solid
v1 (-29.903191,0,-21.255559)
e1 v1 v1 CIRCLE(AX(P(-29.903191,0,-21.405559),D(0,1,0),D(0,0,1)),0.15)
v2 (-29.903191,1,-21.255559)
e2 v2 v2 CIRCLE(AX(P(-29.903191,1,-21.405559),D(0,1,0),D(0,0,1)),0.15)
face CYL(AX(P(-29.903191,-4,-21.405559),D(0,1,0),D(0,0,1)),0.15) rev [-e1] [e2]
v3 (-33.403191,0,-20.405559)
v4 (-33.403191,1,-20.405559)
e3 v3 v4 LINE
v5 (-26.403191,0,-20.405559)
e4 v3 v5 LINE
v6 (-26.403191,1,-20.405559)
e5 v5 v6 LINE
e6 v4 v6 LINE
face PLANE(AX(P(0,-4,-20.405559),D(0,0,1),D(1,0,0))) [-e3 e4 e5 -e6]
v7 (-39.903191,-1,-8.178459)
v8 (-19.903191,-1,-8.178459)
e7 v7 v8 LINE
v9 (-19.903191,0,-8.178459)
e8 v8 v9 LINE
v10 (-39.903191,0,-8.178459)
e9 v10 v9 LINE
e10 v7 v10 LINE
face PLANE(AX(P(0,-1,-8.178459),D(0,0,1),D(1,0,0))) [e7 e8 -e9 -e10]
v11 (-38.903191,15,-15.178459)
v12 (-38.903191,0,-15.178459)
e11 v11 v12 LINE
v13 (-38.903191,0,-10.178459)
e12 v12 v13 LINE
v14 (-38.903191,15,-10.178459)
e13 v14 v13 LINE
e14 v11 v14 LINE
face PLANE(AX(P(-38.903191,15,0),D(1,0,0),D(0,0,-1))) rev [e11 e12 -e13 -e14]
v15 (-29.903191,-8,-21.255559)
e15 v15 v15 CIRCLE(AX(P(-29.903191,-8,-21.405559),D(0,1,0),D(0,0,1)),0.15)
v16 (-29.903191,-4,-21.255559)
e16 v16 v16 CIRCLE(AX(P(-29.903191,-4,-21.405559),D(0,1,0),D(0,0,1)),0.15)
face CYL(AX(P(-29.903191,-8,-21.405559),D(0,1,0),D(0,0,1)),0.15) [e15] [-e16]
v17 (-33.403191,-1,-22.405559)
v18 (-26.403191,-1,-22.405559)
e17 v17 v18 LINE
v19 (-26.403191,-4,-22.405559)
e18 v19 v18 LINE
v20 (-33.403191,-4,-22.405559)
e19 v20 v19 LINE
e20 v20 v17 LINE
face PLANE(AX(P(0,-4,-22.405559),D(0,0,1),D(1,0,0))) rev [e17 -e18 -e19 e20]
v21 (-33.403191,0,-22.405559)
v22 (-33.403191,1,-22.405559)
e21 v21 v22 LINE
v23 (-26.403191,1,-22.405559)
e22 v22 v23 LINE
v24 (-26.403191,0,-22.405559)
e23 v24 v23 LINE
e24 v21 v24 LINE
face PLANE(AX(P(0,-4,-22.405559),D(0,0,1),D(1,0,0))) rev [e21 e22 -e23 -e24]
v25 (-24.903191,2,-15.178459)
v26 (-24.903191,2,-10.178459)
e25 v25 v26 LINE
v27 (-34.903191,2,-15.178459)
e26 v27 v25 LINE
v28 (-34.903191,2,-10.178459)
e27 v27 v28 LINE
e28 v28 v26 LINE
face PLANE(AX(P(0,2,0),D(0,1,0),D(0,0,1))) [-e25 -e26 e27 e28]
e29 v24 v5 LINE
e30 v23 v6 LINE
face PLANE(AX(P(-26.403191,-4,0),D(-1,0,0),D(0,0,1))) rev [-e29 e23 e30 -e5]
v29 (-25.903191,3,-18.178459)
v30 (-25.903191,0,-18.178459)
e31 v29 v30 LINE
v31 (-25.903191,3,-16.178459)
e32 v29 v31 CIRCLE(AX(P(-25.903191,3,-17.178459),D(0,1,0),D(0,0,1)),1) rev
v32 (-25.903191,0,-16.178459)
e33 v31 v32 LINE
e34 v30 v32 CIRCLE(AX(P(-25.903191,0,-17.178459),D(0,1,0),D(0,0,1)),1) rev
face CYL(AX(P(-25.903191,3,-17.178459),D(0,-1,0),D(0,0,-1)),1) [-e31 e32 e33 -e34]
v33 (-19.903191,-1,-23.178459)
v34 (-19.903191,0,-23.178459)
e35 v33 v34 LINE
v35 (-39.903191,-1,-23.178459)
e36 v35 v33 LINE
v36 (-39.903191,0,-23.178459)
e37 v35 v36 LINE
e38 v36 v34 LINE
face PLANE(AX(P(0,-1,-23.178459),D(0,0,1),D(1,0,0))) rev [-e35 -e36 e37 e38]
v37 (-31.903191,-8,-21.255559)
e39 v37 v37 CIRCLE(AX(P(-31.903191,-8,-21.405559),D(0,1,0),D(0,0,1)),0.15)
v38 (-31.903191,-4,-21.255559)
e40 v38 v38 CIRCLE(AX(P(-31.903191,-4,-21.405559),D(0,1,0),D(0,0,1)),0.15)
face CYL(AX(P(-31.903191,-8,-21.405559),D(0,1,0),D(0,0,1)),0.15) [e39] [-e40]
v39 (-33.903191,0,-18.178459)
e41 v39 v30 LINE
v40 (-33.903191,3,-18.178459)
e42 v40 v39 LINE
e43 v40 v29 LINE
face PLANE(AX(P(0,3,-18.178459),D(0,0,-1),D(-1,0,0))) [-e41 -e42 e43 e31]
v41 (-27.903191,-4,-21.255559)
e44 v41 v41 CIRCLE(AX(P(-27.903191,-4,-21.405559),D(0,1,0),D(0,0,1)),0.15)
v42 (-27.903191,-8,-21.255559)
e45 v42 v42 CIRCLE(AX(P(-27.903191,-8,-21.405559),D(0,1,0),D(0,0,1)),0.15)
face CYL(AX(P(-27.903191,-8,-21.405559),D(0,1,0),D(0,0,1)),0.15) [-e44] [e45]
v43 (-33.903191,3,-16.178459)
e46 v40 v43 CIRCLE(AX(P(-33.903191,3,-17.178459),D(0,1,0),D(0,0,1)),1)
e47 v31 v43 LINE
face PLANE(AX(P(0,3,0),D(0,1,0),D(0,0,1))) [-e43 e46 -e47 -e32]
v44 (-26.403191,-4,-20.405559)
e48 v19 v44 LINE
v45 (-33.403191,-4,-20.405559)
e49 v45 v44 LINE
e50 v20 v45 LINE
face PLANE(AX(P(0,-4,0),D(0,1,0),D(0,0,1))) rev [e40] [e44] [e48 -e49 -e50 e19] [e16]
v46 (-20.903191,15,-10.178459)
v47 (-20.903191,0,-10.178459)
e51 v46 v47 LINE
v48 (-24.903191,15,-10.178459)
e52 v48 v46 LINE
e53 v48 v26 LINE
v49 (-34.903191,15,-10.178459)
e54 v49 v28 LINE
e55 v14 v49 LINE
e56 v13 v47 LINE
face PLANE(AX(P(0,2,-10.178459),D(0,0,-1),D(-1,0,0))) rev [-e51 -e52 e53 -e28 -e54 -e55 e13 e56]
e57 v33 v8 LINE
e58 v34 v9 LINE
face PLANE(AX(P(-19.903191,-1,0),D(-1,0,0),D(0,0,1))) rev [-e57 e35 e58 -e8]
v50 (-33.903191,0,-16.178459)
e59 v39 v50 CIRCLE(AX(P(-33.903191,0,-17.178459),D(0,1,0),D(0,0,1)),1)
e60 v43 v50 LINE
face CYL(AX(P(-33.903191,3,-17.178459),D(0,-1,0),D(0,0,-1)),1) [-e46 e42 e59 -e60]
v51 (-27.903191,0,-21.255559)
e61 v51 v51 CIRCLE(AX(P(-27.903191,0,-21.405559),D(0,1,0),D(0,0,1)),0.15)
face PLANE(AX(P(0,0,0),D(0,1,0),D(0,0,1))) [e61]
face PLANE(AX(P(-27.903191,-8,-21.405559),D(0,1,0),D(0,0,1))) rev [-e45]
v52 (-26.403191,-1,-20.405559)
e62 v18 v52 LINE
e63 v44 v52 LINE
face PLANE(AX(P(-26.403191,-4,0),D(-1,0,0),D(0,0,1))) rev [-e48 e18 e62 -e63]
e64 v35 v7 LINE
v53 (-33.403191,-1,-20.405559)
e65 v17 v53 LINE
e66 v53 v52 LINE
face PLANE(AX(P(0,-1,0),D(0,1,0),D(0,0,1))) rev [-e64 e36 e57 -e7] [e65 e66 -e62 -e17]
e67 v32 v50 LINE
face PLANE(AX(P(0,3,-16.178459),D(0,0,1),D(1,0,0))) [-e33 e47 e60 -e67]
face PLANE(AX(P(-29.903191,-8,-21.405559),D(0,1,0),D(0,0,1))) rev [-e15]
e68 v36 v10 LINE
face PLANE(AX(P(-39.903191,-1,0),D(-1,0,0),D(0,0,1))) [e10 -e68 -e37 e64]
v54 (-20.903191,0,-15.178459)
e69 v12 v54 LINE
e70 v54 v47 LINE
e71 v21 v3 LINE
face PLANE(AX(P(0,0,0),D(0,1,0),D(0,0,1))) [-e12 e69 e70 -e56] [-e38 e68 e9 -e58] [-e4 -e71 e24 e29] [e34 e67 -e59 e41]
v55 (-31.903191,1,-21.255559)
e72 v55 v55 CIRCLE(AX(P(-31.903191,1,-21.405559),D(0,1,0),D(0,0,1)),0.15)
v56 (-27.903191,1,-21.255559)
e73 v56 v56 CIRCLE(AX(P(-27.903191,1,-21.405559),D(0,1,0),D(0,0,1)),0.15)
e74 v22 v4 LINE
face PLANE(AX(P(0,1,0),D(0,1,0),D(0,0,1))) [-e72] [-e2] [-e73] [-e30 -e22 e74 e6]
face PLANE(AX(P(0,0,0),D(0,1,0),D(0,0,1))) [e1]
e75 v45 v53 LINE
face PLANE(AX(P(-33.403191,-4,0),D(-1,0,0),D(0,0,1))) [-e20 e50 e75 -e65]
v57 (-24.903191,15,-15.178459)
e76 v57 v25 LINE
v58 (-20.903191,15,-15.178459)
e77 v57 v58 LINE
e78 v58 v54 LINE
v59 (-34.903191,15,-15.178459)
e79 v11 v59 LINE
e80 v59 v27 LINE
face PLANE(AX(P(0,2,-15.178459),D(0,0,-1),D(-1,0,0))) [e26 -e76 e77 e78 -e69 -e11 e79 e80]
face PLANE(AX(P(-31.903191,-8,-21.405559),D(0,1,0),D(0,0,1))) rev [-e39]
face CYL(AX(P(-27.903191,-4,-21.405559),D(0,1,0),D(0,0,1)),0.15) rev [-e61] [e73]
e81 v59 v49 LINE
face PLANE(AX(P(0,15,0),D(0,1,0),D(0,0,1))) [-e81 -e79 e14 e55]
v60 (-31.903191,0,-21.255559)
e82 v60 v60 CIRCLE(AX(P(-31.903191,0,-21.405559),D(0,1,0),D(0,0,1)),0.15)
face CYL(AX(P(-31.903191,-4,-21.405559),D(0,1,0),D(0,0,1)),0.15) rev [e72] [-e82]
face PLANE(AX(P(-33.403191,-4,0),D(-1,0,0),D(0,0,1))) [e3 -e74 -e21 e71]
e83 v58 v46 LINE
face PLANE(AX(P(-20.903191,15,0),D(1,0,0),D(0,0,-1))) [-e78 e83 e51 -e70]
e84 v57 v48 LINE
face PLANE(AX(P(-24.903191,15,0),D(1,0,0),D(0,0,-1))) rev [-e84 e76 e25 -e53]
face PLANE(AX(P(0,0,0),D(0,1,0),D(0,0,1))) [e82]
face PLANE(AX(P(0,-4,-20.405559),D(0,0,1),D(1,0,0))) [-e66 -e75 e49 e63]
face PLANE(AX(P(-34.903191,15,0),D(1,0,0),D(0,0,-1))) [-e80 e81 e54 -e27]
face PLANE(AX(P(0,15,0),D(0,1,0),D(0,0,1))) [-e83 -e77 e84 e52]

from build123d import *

# Parameters (mm, degrees)
ESQUISSE1_W             = 20
ESQUISSE1_H             = 15
BOSS_EXTRU_3_DEPTH      = 1
ESQUISSE1_5_W           = 10
ESQUISSE1_5_H           = 5
BOSS_EXTRU_4_DEPTH      = 2
ESQUISSE1_6_W           = 4
ESQUISSE1_6_H           = 5
BOSS_EXTRU_5_DEPTH      = 15
BOSS_EXTRU_6_DEPTH      = 3
BOSS_EXTRU_7_DEPTH      = 1
BOSS_EXTRU_7_DEPTH_BACK = 4
ESQUISSE1_8_W           = 7
ESQUISSE1_8_H           = 2
ESQUISSE1_8_R           = 0.15
BOSS_EXTRU_8_START      = -8
ESQUISSE1_9_R           = 0.15
BOSS_EXTRU_8_DEPTH      = 8


with BuildPart() as part:
    # Esquisse1 → Boss.-Extru.3 (new body)
    with BuildSketch(Plane(origin=(0, 0, 0), x_dir=(1, 0, 0), z_dir=(0, 1, 0))):
        with Locations((-29.903190877, 15.678459307)):
            Rectangle(ESQUISSE1_W, ESQUISSE1_H)
    extrude(amount=-BOSS_EXTRU_3_DEPTH)

    # Esquisse1_5 → Boss.-Extru.4 (add)
    with BuildSketch(Plane(origin=(0, 0, 0), x_dir=(1, 0, 0), z_dir=(0, 1, 0))):
        with Locations((-29.903190877, 12.678459307)):
            Rectangle(ESQUISSE1_5_W, ESQUISSE1_5_H)
    extrude(amount=BOSS_EXTRU_4_DEPTH)

    # Esquisse1_6 → Boss.-Extru.5 (add)
    with BuildSketch(Plane(origin=(0, 0, 0), x_dir=(1, 0, 0), z_dir=(0, 1, 0))):
        with Locations((-36.903190877, 12.678459307)):
            Rectangle(ESQUISSE1_6_W, ESQUISSE1_6_H)
        with Locations((-22.903190877, 12.678459307)):
            Rectangle(ESQUISSE1_6_W, ESQUISSE1_6_H)
    extrude(amount=BOSS_EXTRU_5_DEPTH)

    # Esquisse1_7 → Boss.-Extru.6 (add)
    with BuildSketch(Plane(origin=(0, 0, 0), x_dir=(1, 0, 0), z_dir=(0, 1, 0))):
        with BuildLine():
            Line((-25.903190877, 18.178459307), (-33.903190877, 18.178459307))
            ThreePointArc((-33.903190877, 18.178459307), (-34.903190877, 17.178459307), (-33.903190877, 16.178459307))
            Line((-33.903190877, 16.178459307), (-25.903190877, 16.178459307))
            ThreePointArc((-25.903190877, 16.178459307), (-24.903190877, 17.178459307), (-25.903190877, 18.178459307))
        make_face()
    extrude(amount=BOSS_EXTRU_6_DEPTH)

    # Esquisse1_8 → Boss.-Extru.7 (add, two sides: drawn at the far end of the back side and taken through both)
    with BuildSketch(Plane(origin=(0, 0, 0), x_dir=(1, 0, 0), z_dir=(0, 1, 0)).offset(-BOSS_EXTRU_7_DEPTH_BACK)):
        with Locations((-29.903190877, 21.405559188)):
            Rectangle(ESQUISSE1_8_W, ESQUISSE1_8_H)
        with Locations((-31.903190877, 21.405559188)):
            Circle(ESQUISSE1_8_R, mode=Mode.SUBTRACT)
        with Locations((-29.903190877, 21.405559188)):
            Circle(ESQUISSE1_8_R, mode=Mode.SUBTRACT)
        with Locations((-27.903190877, 21.405559188)):
            Circle(ESQUISSE1_8_R, mode=Mode.SUBTRACT)
    extrude(amount=BOSS_EXTRU_7_DEPTH + BOSS_EXTRU_7_DEPTH_BACK)

    # Esquisse1_9 → Boss.-Extru.8 (add)
    with BuildSketch(Plane(origin=(0, 0, 0), x_dir=(1, 0, 0), z_dir=(0, 1, 0)).offset(BOSS_EXTRU_8_START)):
        with Locations((-31.903190877, 21.405559188)):
            Circle(ESQUISSE1_9_R)
        with Locations((-29.903190877, 21.405559188)):
            Circle(ESQUISSE1_9_R)
        with Locations((-27.903190877, 21.405559188)):
            Circle(ESQUISSE1_9_R)
    extrude(amount=BOSS_EXTRU_8_DEPTH)


solid = part.part
